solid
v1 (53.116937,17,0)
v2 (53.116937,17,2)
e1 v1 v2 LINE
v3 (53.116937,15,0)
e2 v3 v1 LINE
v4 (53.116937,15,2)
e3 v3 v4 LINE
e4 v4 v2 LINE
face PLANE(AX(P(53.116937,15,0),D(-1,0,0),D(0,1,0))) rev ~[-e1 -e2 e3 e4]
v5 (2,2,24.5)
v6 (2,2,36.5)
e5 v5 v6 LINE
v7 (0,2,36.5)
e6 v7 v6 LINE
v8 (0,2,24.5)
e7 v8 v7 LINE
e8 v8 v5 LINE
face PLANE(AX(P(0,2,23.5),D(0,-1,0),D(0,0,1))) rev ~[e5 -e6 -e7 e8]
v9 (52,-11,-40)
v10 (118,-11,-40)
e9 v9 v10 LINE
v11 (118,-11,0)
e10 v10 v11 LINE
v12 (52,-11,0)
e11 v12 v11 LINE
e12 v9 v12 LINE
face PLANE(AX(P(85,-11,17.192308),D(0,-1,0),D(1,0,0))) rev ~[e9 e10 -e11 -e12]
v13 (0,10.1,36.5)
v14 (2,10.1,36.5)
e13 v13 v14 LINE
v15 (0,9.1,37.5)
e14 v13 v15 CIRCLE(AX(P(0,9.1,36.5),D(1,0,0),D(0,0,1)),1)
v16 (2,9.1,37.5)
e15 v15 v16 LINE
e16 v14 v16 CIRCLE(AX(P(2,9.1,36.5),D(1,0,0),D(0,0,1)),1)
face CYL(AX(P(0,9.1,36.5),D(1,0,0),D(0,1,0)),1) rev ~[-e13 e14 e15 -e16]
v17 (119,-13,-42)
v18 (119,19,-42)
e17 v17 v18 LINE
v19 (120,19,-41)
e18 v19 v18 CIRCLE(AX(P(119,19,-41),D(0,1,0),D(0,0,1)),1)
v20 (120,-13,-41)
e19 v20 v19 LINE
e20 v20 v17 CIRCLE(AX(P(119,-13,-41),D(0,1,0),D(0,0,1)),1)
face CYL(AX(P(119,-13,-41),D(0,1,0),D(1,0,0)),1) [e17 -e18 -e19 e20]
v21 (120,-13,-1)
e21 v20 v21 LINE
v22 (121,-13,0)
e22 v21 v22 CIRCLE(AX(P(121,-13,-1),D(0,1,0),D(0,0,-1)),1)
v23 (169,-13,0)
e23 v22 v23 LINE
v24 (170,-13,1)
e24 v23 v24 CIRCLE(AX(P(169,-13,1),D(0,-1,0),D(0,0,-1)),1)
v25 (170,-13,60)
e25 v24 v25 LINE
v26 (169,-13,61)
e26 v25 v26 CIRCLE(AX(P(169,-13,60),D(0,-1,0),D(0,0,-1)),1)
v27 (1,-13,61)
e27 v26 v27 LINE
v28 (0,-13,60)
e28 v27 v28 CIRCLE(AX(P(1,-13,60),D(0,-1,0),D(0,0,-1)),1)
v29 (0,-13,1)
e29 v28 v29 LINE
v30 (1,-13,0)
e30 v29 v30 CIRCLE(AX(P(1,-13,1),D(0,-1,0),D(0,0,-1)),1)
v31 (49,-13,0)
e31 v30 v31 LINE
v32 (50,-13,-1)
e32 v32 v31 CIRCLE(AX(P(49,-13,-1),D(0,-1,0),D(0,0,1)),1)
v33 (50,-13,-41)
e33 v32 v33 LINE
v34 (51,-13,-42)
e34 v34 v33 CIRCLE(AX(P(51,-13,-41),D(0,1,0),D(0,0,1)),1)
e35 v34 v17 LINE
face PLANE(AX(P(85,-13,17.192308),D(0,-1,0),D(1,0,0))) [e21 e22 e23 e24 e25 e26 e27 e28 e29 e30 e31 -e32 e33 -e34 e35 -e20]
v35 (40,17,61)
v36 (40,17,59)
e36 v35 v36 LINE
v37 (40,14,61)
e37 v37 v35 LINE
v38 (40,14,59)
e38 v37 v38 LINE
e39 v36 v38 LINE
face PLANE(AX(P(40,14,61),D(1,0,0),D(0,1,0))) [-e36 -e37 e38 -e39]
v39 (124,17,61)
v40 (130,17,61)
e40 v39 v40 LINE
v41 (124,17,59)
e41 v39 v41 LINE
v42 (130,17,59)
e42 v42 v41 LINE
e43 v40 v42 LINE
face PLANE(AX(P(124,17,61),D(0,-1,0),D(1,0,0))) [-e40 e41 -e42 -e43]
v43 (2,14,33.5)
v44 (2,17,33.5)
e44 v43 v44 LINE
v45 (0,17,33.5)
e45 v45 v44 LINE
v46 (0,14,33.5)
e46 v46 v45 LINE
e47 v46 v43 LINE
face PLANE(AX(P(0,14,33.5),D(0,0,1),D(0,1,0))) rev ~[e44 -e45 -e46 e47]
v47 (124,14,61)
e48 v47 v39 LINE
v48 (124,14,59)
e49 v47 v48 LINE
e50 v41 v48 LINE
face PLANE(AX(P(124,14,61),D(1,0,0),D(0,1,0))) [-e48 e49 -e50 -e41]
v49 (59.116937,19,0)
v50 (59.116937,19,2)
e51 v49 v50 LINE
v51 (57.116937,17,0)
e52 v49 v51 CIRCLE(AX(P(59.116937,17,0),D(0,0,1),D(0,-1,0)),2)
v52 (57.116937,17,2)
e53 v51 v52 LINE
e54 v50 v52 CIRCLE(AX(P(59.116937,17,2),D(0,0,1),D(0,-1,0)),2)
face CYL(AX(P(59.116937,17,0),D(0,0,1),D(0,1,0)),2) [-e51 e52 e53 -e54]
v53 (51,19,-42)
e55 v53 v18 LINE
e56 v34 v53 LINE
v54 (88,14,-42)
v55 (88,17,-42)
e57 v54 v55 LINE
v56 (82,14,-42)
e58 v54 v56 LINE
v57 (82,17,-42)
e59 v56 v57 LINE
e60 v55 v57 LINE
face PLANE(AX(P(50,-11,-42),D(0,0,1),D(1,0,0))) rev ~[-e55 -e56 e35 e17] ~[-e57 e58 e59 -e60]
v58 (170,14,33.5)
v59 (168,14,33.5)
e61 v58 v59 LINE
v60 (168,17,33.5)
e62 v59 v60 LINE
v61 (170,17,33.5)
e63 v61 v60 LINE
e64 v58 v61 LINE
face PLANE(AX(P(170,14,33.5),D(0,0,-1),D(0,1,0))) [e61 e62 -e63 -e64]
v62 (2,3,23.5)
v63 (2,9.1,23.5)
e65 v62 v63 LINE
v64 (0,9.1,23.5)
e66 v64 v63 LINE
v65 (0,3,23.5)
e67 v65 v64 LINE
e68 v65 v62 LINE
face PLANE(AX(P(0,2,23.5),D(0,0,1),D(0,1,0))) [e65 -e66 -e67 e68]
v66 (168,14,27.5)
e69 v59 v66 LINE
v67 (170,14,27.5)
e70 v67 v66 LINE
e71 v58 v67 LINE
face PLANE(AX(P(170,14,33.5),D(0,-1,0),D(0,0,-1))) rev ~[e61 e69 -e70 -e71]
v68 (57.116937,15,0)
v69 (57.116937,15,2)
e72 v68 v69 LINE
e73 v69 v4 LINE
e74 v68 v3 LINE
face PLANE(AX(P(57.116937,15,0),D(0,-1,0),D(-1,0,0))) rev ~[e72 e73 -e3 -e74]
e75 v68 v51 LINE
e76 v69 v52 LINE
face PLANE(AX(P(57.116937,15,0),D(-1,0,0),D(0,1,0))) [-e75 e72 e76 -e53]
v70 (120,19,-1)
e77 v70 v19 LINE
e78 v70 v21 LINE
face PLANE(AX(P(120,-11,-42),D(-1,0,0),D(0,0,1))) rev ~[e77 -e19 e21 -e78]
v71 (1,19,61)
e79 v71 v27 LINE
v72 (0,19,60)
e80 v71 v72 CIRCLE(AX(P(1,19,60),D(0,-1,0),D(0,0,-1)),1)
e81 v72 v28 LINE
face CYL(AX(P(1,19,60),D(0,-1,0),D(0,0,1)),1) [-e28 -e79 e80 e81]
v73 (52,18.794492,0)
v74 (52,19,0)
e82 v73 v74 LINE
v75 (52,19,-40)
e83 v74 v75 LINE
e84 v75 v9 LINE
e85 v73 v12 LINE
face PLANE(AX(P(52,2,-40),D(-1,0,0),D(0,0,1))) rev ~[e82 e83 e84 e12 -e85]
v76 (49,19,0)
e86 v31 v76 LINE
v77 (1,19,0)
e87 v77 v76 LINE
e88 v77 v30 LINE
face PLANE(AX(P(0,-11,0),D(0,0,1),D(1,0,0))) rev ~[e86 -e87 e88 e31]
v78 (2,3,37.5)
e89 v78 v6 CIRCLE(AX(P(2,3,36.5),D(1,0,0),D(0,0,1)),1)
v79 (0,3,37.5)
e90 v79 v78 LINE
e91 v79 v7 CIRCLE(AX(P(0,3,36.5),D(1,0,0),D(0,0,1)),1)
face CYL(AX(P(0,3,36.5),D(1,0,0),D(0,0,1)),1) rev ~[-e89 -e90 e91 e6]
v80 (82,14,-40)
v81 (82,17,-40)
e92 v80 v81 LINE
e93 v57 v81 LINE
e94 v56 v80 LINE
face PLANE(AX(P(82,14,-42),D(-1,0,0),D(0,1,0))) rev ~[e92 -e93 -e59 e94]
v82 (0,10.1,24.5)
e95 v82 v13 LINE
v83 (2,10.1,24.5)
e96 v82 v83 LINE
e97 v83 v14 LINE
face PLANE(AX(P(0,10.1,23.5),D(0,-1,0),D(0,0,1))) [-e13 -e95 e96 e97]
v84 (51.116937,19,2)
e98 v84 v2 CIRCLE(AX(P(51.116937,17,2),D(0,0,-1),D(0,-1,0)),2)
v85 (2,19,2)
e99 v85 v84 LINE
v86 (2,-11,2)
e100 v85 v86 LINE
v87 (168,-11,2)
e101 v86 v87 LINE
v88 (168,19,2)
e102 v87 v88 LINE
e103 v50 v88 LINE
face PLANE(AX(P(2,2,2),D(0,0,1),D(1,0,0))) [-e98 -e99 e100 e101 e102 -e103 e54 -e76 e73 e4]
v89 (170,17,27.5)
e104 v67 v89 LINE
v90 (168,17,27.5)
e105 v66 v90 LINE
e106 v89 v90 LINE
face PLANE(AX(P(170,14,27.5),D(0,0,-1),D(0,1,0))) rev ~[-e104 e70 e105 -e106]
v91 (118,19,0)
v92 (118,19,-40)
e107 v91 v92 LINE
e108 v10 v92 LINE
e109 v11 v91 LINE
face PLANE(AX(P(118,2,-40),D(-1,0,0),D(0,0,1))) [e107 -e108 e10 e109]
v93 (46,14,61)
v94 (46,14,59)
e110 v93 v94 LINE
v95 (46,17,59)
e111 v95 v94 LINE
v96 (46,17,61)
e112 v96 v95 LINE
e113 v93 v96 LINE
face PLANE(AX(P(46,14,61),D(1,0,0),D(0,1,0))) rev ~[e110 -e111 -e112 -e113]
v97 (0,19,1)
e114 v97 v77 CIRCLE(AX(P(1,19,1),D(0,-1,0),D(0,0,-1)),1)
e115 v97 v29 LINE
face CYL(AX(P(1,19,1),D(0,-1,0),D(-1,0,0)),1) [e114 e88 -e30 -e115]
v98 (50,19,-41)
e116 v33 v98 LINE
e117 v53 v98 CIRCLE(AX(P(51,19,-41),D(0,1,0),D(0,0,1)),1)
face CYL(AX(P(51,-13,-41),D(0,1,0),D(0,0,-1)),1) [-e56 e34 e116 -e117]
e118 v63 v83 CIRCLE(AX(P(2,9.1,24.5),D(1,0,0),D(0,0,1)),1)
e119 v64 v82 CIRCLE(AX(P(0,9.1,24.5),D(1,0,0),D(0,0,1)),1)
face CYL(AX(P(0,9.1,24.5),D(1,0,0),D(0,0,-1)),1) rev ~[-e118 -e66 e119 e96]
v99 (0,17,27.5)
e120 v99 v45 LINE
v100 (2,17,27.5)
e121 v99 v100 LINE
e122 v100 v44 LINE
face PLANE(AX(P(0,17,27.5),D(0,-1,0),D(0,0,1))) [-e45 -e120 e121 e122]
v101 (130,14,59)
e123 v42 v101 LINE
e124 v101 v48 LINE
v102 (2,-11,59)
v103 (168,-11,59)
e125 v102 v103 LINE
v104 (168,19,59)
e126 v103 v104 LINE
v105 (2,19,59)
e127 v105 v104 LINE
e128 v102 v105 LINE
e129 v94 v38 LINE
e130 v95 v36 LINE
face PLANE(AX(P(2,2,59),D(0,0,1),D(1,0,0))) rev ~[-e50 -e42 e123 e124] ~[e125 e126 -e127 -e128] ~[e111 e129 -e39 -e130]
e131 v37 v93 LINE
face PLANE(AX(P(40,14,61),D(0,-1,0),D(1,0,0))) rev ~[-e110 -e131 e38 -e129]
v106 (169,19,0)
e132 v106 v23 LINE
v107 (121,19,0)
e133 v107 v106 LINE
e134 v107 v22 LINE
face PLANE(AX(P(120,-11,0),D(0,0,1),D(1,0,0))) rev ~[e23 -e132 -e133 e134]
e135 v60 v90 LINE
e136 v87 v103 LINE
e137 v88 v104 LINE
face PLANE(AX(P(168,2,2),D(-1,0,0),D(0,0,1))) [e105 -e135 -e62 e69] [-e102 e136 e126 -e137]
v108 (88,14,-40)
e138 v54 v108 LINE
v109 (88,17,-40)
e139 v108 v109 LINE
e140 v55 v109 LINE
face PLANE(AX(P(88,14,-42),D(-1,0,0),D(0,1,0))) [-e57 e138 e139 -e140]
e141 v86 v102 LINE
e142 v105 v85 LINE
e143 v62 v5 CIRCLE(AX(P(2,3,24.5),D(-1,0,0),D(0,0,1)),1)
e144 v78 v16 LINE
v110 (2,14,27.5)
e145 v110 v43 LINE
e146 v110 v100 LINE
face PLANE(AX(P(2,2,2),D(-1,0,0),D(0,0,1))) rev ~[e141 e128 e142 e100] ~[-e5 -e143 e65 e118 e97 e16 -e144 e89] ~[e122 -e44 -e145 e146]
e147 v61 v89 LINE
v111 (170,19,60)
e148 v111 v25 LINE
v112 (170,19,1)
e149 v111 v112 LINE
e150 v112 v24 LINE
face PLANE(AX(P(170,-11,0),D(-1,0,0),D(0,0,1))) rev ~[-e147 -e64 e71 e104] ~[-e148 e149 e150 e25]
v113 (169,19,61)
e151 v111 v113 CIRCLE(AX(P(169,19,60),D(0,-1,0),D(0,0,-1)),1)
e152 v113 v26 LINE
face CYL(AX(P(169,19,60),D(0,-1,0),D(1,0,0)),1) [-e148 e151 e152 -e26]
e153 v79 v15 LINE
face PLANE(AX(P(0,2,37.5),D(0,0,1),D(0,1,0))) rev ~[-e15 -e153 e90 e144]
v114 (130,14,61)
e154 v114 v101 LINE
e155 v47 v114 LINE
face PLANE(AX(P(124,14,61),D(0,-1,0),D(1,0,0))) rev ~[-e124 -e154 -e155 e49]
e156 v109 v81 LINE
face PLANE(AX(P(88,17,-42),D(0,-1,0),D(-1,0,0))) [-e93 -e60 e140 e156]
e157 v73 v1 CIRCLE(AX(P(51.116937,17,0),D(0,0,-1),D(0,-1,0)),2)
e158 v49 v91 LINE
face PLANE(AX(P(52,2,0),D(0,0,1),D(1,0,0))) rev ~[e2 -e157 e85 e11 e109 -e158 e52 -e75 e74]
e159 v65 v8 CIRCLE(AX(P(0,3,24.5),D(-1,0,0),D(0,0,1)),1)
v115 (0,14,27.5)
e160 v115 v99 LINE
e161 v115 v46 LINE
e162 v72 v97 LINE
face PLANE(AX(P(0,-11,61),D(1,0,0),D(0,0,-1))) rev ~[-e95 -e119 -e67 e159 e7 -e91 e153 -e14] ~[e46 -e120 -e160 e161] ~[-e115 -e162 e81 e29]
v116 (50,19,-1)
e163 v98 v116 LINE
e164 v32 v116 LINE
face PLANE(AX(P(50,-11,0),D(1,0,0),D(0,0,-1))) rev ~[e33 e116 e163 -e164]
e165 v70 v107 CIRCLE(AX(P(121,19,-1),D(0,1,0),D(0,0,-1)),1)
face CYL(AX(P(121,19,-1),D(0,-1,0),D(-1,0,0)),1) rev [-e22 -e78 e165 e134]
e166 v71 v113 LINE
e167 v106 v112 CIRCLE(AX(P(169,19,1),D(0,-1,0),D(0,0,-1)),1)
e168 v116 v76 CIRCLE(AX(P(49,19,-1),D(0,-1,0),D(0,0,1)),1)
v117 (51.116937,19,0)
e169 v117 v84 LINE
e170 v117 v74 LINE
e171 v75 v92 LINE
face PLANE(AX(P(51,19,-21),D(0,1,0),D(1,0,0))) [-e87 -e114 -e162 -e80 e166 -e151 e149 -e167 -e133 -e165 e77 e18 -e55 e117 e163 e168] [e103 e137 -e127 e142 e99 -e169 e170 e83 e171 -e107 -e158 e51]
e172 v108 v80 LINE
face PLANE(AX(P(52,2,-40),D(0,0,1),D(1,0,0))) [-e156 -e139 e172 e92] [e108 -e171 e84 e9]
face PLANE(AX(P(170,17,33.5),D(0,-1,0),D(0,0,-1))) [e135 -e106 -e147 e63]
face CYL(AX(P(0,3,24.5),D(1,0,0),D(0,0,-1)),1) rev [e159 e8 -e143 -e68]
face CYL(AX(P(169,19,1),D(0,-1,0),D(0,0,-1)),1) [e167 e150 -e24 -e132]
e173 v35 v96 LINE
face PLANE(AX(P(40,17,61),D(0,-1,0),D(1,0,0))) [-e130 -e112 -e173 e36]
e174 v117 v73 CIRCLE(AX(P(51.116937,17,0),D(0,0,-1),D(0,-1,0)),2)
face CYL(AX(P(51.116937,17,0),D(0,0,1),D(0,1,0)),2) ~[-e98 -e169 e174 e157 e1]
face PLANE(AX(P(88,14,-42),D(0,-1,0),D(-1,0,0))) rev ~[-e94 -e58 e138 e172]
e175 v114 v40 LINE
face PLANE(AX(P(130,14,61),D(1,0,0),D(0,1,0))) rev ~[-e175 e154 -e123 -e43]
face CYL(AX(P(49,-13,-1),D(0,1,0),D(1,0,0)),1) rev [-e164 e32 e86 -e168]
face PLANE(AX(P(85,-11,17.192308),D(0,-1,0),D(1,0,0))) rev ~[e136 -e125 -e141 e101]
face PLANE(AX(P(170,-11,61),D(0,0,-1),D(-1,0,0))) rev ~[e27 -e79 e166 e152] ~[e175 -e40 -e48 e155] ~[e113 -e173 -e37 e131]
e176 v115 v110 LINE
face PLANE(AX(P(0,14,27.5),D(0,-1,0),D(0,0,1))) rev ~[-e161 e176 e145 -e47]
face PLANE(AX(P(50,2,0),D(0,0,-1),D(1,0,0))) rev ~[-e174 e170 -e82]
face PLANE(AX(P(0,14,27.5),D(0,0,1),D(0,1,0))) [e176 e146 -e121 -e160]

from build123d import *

# Parameters (mm, degrees)
SKETCH1_W           = 170
SKETCH1_H           = 61
BOSS_EXTRUDE1_DEPTH = 2
SKETCH2_W           = 170
SKETCH2_H           = 2
BOSS_EXTRUDE2_DEPTH = 17
SKETCH3_W           = 166
SKETCH3_H           = 2
BOSS_EXTRUDE3_DEPTH = 17
SKETCH4_W           = 70
SKETCH4_H           = 2
BOSS_EXTRUDE4_DEPTH = 42
SKETCH5_W           = 4
SKETCH5_H           = 8
CUT_EXTRUDE1_DEPTH  = 39
FILLET1_R           = 2
SKETCH6_W           = 2
SKETCH6_H           = 42
BOSS_EXTRUDE5_DEPTH = 17
SKETCH9_W           = 66
SKETCH9_H           = 2
BOSS_EXTRUDE6_DEPTH = 17
SKETCH10_W          = 6
SKETCH10_H          = 3
CUT_EXTRUDE2_DEPTH  = 10
SKETCH11_W          = 6
SKETCH11_H          = 3
CUT_EXTRUDE3_DEPTH  = 10
SKETCH12_W          = 6
SKETCH12_H          = 3
CUT_EXTRUDE4_DEPTH  = 10
SKETCH13_W          = 6
SKETCH13_H          = 3
CUT_EXTRUDE5_DEPTH  = 10
CUT_EXTRUDE6_DEPTH  = 2
SKETCH15_W          = 66
SKETCH15_H          = 40
SKETCH15_W_2        = 166
SKETCH15_H_2        = 57
BOSS_EXTRUDE7_DEPTH = 13
BOSS_EXTRUDE8_DEPTH = 2
SKETCH17_W          = 14
SKETCH17_H          = 8.1
CUT_EXTRUDE7_DEPTH  = 2
FILLET2_R           = 1
FILLET3_R           = 1


with BuildPart() as part:
    # Sketch1 → Boss-Extrude1 (new body)
    with BuildSketch(Plane(origin=(0, 0, 0), x_dir=(1, 0, 0), z_dir=(0, 1, 0))):
        with Locations((85, -30.5)):
            Rectangle(SKETCH1_W, SKETCH1_H)
    extrude(amount=BOSS_EXTRUDE1_DEPTH)

    # Sketch2 → Boss-Extrude2 (add)
    with BuildSketch(Plane(origin=(0, 2, 0), x_dir=(1, 0, 0), z_dir=(0, 1, 0))):
        with Locations((85, -1)):
            Rectangle(SKETCH2_W, SKETCH2_H)
    extrude(amount=BOSS_EXTRUDE2_DEPTH)

    # Sketch3 → Boss-Extrude3 (add)
    with BuildSketch(Plane(origin=(0, 2, 0), x_dir=(1, 0, 0), z_dir=(0, 1, 0))):
        Polygon((0, -2), (0, -61), (2, -61), (2, -59), (2, -2), align=None)
        Polygon((168, -59), (168, -61), (170, -61), (170, -2), (168, -2), align=None)
        with Locations((85, -60)):
            Rectangle(SKETCH3_W, SKETCH3_H)
    extrude(amount=BOSS_EXTRUDE3_DEPTH)

    # Sketch4 → Boss-Extrude4 (add)
    with BuildSketch(Plane(origin=(0, 0, 0), x_dir=(-1, 0, 0), z_dir=(0, 0, -1))):
        with Locations((-85, 1)):
            Rectangle(SKETCH4_W, SKETCH4_H)
    extrude(amount=BOSS_EXTRUDE4_DEPTH)

    # Sketch5 → Cut-Extrude1 (cut)
    with BuildSketch(Plane(origin=(0, 0, 0), x_dir=(-1, 0, 0), z_dir=(0, 0, -1))):
        with Locations((-55.116937283, 19)):
            Rectangle(SKETCH5_W, SKETCH5_H)
    extrude(amount=-CUT_EXTRUDE1_DEPTH, mode=Mode.SUBTRACT)

    # Fillet1
    fillet1_edges = [part.edges().sort_by_distance(p)[0] for p in [
        (53.116937283, 19, 1),
        (57.116937283, 19, 1),
    ]]
    fillet(fillet1_edges, radius=FILLET1_R)

    # Sketch6 → Boss-Extrude5 (add)
    with BuildSketch(Plane(origin=(0, 2, 0), x_dir=(1, 0, 0), z_dir=(0, 1, 0))):
        with Locations((119, 21)):
            Rectangle(SKETCH6_W, SKETCH6_H)
    extrude(amount=BOSS_EXTRUDE5_DEPTH)

    # Sketch9 → Boss-Extrude6 (add)
    with BuildSketch(Plane(origin=(0, 2, 0), x_dir=(1, 0, 0), z_dir=(0, 1, 0))):
        Polygon((52, 42), (50, 42), (50, 0), (52, 0), (52, 40), align=None)
        with Locations((85, 41)):
            Rectangle(SKETCH9_W, SKETCH9_H)
    extrude(amount=BOSS_EXTRUDE6_DEPTH)

    # Sketch10 → Cut-Extrude2 (cut)
    with BuildSketch(Plane.XY.offset(61)):
        with Locations((43, 15.5)):
            Rectangle(SKETCH10_W, SKETCH10_H)
        with Locations((127, 15.5)):
            Rectangle(SKETCH10_W, SKETCH10_H)
    extrude(amount=-CUT_EXTRUDE2_DEPTH, mode=Mode.SUBTRACT)

    # Sketch11 → Cut-Extrude3 (cut)
    with BuildSketch(Plane.ZY):
        with Locations((30.5, 15.5)):
            Rectangle(SKETCH11_W, SKETCH11_H)
    extrude(amount=-CUT_EXTRUDE3_DEPTH, mode=Mode.SUBTRACT)

    # Sketch12 → Cut-Extrude4 (cut)
    with BuildSketch(Plane(origin=(0, 0, -42), x_dir=(-1, 0, 0), z_dir=(0, 0, -1))):
        with Locations((-85, 15.5)):
            Rectangle(SKETCH12_W, SKETCH12_H)
    extrude(amount=-CUT_EXTRUDE4_DEPTH, mode=Mode.SUBTRACT)

    # Sketch13 → Cut-Extrude5 (cut)
    with BuildSketch(Plane(origin=(170, 0, 0), x_dir=(0, 0, -1), z_dir=(1, 0, 0))):
        with Locations((-30.5, 15.5)):
            Rectangle(SKETCH13_W, SKETCH13_H)
    extrude(amount=-CUT_EXTRUDE5_DEPTH, mode=Mode.SUBTRACT)

    # Sketch14 → Cut-Extrude6 (cut)
    with BuildSketch(Plane.XZ):
        Polygon((0, 61), (0, 0), (50, 0), (50, -42), (120, -42), (120, 0), (170, 0), (170, 61), align=None)
    extrude(amount=-CUT_EXTRUDE6_DEPTH, mode=Mode.SUBTRACT)

    # Sketch15 → Boss-Extrude7 (add)
    with BuildSketch(Plane.XZ.offset(-2)):
        Polygon((170, 61), (0, 61), (0, 0), (50, 0), (50, -42), (120, -42), (120, 0), (170, 0), align=None)
        with Locations((85, -20)):
            Rectangle(SKETCH15_W, SKETCH15_H, mode=Mode.SUBTRACT)
        with Locations((85, 30.5)):
            Rectangle(SKETCH15_W_2, SKETCH15_H_2, mode=Mode.SUBTRACT)
    extrude(amount=BOSS_EXTRUDE7_DEPTH)

    # Sketch16 → Boss-Extrude8 (add)
    with BuildSketch(Plane.XZ.offset(11)):
        Polygon((120, -42), (120, 0), (170, 0), (170, 61), (0, 61), (0, 0), (50, 0), (50, -42), align=None)
    extrude(amount=BOSS_EXTRUDE8_DEPTH)

    # Sketch17 → Cut-Extrude7 (cut)
    with BuildSketch(Plane.ZY):
        with Locations((30.5, 6.05)):
            Rectangle(SKETCH17_W, SKETCH17_H)
    extrude(amount=-CUT_EXTRUDE7_DEPTH, mode=Mode.SUBTRACT)

    # Fillet2
    fillet2_edges = [part.edges().sort_by_distance(p)[0] for p in [
        (50, 3, -42),
        (120, 3, -42),
        (120, 3, 0),
        (50, 3, 0),
        (0, 3, 0),
        (170, 3, 0),
        (170, 3, 61),
        (0, 3, 61),
    ]]
    fillet(fillet2_edges, radius=FILLET2_R)

    # Fillet3
    fillet3_edges = [part.edges().sort_by_distance(p)[0] for p in [
        (1, 2, 23.5),
        (1, 10.1, 23.5),
        (1, 10.1, 37.5),
        (1, 2, 37.5),
    ]]
    fillet(fillet3_edges, radius=FILLET3_R)


solid = part.part
